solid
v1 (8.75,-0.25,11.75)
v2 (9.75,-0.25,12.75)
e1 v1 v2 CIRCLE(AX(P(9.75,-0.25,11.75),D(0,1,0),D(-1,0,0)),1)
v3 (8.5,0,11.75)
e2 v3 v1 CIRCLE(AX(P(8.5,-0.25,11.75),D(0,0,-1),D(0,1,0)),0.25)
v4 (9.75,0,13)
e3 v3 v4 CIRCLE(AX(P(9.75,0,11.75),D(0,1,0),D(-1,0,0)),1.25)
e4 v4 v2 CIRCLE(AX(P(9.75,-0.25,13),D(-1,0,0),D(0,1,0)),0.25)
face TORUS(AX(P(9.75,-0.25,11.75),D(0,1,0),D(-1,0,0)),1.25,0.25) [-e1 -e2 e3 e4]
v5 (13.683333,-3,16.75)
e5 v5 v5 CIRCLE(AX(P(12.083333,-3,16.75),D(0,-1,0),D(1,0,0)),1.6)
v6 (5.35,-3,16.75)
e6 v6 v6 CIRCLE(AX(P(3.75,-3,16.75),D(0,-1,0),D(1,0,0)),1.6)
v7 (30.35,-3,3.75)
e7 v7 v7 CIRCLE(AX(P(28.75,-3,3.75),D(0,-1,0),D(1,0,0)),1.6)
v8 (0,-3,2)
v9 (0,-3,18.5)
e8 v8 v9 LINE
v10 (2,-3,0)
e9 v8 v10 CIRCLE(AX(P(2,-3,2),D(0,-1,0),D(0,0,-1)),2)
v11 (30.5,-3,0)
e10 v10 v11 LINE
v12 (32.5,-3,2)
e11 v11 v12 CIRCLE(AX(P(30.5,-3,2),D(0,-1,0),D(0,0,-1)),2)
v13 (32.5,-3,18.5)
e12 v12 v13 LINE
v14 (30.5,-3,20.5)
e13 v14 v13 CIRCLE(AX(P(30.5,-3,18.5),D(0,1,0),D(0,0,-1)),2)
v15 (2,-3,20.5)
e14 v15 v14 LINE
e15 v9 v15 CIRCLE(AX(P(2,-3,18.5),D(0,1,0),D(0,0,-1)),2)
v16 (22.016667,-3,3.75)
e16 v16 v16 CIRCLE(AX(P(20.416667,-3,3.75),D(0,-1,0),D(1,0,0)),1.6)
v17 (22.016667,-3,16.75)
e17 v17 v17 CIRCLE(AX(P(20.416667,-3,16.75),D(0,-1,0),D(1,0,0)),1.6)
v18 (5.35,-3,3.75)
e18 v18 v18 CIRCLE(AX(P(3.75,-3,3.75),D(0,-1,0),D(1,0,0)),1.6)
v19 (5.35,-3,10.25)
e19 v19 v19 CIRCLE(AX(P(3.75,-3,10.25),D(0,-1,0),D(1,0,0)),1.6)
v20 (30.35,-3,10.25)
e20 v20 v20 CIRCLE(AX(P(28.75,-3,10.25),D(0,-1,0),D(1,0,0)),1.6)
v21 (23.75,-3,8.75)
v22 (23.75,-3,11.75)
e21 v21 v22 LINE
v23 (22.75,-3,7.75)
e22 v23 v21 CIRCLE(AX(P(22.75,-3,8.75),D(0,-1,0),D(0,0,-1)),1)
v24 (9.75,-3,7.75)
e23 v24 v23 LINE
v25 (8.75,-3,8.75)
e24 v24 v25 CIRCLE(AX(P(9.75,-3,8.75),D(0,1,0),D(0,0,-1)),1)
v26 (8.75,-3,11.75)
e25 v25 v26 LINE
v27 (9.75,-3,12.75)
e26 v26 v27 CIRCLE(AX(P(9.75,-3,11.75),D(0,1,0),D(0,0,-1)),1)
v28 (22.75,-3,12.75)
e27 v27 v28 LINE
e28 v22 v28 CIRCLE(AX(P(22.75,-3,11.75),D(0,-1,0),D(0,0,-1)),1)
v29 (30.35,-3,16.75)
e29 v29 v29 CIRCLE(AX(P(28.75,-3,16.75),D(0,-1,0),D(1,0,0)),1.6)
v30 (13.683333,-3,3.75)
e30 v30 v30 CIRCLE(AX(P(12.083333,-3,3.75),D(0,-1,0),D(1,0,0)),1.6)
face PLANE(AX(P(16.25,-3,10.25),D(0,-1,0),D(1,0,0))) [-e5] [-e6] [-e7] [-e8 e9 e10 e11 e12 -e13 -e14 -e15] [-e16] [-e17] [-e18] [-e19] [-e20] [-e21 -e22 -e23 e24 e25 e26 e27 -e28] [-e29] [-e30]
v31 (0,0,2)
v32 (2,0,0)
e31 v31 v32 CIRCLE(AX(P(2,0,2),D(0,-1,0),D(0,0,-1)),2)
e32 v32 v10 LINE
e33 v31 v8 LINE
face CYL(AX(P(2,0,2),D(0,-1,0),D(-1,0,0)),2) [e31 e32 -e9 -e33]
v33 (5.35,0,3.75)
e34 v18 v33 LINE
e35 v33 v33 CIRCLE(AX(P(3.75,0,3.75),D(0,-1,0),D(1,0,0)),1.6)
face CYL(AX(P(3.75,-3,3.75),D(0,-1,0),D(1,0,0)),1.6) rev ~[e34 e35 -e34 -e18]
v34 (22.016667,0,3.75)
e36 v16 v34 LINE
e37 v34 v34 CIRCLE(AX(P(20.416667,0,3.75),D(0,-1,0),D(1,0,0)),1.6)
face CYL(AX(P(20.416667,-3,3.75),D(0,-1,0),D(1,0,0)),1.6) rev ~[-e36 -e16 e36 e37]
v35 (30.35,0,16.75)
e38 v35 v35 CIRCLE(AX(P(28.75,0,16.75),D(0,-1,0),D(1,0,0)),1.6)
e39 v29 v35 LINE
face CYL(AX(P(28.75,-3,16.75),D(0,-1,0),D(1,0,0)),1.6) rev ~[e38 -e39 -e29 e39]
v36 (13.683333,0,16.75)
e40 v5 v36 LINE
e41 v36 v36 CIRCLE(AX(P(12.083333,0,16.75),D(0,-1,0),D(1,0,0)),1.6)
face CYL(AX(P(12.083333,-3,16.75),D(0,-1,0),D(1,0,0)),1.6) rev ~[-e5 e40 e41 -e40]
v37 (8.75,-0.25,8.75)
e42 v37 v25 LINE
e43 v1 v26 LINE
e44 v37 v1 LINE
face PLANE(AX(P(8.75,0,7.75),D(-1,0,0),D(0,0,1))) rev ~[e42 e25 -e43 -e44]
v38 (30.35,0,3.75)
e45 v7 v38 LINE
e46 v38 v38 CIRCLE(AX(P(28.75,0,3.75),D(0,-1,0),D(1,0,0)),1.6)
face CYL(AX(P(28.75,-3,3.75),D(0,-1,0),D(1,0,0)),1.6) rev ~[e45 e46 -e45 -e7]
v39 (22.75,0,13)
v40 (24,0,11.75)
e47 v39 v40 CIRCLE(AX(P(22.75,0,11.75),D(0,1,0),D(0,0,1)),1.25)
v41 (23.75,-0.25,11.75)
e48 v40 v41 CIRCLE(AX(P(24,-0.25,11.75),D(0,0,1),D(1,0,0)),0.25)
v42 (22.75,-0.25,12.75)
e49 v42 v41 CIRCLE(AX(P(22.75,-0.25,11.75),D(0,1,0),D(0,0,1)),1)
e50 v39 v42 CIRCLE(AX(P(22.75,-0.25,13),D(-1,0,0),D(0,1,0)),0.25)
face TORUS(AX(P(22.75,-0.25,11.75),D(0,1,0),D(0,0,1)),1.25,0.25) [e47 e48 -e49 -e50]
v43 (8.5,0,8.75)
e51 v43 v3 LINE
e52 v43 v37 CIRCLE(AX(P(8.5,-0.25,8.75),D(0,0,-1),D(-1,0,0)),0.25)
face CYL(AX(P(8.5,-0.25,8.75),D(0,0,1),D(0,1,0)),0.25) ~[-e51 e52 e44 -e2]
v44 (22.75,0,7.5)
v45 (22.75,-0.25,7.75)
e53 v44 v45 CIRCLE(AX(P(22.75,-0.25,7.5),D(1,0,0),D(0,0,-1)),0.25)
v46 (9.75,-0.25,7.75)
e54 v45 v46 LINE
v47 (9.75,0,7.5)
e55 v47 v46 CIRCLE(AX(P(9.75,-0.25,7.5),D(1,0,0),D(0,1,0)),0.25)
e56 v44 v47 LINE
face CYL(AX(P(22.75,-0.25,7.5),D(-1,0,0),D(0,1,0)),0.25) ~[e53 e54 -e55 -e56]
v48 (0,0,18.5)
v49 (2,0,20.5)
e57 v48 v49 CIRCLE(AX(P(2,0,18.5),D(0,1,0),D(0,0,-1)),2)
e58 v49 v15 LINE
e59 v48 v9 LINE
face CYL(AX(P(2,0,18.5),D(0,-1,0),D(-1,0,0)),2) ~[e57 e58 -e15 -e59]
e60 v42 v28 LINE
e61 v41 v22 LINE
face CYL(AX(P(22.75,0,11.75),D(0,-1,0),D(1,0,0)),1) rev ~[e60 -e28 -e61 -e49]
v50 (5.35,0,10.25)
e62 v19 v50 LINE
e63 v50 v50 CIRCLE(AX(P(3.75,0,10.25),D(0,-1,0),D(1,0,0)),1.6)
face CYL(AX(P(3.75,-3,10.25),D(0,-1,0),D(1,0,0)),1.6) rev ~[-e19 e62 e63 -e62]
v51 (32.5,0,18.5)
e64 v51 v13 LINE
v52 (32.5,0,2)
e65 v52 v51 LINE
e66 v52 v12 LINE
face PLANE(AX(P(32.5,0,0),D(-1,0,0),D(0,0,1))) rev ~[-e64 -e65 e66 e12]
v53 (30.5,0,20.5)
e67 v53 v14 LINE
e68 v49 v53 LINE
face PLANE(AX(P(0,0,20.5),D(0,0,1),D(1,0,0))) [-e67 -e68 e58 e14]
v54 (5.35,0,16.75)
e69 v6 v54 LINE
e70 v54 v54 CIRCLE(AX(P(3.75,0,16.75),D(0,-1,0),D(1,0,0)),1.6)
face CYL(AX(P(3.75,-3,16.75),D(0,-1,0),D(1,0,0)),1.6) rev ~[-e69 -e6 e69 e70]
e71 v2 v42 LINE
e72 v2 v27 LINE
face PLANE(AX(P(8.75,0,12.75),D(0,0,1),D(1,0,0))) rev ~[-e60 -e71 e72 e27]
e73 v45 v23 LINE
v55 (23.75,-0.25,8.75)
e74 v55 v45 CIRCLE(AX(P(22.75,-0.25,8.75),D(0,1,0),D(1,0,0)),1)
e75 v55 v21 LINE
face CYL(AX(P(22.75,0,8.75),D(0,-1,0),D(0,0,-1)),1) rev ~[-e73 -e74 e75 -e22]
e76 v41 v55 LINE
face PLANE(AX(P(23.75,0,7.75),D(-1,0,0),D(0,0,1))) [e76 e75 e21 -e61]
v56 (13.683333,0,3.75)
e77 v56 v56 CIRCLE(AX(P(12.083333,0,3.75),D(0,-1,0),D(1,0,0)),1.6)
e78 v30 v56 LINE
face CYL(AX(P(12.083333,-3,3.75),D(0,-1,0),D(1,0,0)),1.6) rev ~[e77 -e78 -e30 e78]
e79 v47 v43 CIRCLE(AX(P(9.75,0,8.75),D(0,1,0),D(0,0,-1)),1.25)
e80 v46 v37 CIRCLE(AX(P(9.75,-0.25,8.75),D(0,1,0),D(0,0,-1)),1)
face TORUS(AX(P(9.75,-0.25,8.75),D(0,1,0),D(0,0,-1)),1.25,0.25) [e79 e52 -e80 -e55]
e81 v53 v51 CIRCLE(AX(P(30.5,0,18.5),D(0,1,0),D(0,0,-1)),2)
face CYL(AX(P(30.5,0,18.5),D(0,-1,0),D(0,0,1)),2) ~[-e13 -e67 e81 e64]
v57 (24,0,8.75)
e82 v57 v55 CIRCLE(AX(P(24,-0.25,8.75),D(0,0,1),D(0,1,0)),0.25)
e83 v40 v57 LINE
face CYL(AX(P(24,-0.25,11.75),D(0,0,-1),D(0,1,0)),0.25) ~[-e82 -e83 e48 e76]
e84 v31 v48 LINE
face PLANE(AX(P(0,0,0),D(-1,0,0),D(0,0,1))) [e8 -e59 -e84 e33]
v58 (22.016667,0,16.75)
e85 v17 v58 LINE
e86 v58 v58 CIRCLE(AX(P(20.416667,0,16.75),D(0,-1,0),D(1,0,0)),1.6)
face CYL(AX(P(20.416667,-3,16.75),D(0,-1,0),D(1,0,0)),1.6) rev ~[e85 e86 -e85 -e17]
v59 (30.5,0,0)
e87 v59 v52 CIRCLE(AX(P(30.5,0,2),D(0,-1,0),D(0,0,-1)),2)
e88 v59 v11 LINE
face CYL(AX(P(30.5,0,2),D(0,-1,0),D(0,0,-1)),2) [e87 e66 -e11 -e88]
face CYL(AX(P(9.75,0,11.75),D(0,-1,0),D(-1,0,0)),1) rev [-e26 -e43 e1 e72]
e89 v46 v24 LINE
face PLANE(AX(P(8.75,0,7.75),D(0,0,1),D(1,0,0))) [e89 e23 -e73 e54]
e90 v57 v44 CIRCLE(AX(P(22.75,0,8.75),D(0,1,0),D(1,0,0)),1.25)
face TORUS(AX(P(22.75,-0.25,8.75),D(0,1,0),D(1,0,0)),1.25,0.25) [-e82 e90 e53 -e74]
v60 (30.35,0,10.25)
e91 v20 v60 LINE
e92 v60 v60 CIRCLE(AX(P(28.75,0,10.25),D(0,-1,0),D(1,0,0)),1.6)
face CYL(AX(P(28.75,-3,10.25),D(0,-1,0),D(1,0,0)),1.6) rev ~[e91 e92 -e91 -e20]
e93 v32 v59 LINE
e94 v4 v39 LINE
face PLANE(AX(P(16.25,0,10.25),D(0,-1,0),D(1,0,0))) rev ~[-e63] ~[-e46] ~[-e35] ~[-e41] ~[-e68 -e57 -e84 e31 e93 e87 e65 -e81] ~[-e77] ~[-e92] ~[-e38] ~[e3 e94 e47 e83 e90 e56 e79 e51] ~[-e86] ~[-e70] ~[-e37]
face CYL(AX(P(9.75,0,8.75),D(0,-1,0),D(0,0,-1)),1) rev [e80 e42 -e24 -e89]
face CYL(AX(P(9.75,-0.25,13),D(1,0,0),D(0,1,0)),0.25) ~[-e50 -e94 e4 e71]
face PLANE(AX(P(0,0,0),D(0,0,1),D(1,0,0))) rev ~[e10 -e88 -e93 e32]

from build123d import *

# Parameters (mm, degrees)
F0_W     = 32.5
F0_H     = 20.5
F0_W_2   = 15
F0_H_2   = 5
F1_DEPTH = 3
F2_R     = 1.6
F3_DEPTH = 25
F4_R     = 1
F5_R     = 0.25
F6_R     = 2


with BuildPart() as f1:
    # F0 (on Front) → F1 (new body)
    with BuildSketch(Plane.XZ):
        with Locations((16.25, 10.25)):
            Rectangle(F0_W, F0_H)
        with Locations((16.25, 10.25)):
            Rectangle(F0_W_2, F0_H_2, mode=Mode.SUBTRACT)
    extrude(amount=F1_DEPTH)

    # F2 (on face) → F3 (cut)
    with BuildSketch(Plane.XZ.offset(3)):
        with Locations((3.75, 16.75)):
            Circle(F2_R)
        with Locations((3.75, 10.25)):
            Circle(F2_R)
        with Locations((3.75, 3.75)):
            Circle(F2_R)
        with Locations((12.0833333333, 16.75)):
            Circle(F2_R)
        with Locations((12.0833333333, 10.25)):
            Circle(F2_R)
        with Locations((12.0833333333, 3.75)):
            Circle(F2_R)
        with Locations((20.4166666667, 16.75)):
            Circle(F2_R)
        with Locations((20.4166666667, 10.25)):
            Circle(F2_R)
        with Locations((20.4166666667, 3.75)):
            Circle(F2_R)
        with Locations((28.75, 16.75)):
            Circle(F2_R)
        with Locations((28.75, 10.25)):
            Circle(F2_R)
        with Locations((28.75, 3.75)):
            Circle(F2_R)
    extrude(amount=-F3_DEPTH, mode=Mode.SUBTRACT)

    # F4
    f4_edges = [f1.edges().sort_by_distance(p)[0] for p in [
        (8.75, -1.5, 7.75),
        (8.75, -1.5, 12.75),
        (23.75, -1.5, 12.75),
        (23.75, -1.5, 7.75),
    ]]
    fillet(f4_edges, radius=F4_R)

    # F5
    f5_edges = [f1.edges().sort_by_distance(p)[0] for p in [
        (16.25, 0, 12.75),
        (9.042893, 0, 12.457107),
        (8.75, 0, 10.25),
        (9.042893, 0, 8.042893),
        (16.25, 0, 7.75),
        (23.457107, 0, 8.042893),
        (23.75, 0, 10.25),
        (23.457107, 0, 12.457107),
    ]]
    fillet(f5_edges, radius=F5_R)

    # F6
    f6_edges = [f1.edges().sort_by_distance(p)[0] for p in [
        (32.5, -1.5, 20.5),
        (32.5, -1.5, 0),
        (0, -1.5, 0),
        (0, -1.5, 20.5),
    ]]
    fillet(f6_edges, radius=F6_R)


solid = f1.part
